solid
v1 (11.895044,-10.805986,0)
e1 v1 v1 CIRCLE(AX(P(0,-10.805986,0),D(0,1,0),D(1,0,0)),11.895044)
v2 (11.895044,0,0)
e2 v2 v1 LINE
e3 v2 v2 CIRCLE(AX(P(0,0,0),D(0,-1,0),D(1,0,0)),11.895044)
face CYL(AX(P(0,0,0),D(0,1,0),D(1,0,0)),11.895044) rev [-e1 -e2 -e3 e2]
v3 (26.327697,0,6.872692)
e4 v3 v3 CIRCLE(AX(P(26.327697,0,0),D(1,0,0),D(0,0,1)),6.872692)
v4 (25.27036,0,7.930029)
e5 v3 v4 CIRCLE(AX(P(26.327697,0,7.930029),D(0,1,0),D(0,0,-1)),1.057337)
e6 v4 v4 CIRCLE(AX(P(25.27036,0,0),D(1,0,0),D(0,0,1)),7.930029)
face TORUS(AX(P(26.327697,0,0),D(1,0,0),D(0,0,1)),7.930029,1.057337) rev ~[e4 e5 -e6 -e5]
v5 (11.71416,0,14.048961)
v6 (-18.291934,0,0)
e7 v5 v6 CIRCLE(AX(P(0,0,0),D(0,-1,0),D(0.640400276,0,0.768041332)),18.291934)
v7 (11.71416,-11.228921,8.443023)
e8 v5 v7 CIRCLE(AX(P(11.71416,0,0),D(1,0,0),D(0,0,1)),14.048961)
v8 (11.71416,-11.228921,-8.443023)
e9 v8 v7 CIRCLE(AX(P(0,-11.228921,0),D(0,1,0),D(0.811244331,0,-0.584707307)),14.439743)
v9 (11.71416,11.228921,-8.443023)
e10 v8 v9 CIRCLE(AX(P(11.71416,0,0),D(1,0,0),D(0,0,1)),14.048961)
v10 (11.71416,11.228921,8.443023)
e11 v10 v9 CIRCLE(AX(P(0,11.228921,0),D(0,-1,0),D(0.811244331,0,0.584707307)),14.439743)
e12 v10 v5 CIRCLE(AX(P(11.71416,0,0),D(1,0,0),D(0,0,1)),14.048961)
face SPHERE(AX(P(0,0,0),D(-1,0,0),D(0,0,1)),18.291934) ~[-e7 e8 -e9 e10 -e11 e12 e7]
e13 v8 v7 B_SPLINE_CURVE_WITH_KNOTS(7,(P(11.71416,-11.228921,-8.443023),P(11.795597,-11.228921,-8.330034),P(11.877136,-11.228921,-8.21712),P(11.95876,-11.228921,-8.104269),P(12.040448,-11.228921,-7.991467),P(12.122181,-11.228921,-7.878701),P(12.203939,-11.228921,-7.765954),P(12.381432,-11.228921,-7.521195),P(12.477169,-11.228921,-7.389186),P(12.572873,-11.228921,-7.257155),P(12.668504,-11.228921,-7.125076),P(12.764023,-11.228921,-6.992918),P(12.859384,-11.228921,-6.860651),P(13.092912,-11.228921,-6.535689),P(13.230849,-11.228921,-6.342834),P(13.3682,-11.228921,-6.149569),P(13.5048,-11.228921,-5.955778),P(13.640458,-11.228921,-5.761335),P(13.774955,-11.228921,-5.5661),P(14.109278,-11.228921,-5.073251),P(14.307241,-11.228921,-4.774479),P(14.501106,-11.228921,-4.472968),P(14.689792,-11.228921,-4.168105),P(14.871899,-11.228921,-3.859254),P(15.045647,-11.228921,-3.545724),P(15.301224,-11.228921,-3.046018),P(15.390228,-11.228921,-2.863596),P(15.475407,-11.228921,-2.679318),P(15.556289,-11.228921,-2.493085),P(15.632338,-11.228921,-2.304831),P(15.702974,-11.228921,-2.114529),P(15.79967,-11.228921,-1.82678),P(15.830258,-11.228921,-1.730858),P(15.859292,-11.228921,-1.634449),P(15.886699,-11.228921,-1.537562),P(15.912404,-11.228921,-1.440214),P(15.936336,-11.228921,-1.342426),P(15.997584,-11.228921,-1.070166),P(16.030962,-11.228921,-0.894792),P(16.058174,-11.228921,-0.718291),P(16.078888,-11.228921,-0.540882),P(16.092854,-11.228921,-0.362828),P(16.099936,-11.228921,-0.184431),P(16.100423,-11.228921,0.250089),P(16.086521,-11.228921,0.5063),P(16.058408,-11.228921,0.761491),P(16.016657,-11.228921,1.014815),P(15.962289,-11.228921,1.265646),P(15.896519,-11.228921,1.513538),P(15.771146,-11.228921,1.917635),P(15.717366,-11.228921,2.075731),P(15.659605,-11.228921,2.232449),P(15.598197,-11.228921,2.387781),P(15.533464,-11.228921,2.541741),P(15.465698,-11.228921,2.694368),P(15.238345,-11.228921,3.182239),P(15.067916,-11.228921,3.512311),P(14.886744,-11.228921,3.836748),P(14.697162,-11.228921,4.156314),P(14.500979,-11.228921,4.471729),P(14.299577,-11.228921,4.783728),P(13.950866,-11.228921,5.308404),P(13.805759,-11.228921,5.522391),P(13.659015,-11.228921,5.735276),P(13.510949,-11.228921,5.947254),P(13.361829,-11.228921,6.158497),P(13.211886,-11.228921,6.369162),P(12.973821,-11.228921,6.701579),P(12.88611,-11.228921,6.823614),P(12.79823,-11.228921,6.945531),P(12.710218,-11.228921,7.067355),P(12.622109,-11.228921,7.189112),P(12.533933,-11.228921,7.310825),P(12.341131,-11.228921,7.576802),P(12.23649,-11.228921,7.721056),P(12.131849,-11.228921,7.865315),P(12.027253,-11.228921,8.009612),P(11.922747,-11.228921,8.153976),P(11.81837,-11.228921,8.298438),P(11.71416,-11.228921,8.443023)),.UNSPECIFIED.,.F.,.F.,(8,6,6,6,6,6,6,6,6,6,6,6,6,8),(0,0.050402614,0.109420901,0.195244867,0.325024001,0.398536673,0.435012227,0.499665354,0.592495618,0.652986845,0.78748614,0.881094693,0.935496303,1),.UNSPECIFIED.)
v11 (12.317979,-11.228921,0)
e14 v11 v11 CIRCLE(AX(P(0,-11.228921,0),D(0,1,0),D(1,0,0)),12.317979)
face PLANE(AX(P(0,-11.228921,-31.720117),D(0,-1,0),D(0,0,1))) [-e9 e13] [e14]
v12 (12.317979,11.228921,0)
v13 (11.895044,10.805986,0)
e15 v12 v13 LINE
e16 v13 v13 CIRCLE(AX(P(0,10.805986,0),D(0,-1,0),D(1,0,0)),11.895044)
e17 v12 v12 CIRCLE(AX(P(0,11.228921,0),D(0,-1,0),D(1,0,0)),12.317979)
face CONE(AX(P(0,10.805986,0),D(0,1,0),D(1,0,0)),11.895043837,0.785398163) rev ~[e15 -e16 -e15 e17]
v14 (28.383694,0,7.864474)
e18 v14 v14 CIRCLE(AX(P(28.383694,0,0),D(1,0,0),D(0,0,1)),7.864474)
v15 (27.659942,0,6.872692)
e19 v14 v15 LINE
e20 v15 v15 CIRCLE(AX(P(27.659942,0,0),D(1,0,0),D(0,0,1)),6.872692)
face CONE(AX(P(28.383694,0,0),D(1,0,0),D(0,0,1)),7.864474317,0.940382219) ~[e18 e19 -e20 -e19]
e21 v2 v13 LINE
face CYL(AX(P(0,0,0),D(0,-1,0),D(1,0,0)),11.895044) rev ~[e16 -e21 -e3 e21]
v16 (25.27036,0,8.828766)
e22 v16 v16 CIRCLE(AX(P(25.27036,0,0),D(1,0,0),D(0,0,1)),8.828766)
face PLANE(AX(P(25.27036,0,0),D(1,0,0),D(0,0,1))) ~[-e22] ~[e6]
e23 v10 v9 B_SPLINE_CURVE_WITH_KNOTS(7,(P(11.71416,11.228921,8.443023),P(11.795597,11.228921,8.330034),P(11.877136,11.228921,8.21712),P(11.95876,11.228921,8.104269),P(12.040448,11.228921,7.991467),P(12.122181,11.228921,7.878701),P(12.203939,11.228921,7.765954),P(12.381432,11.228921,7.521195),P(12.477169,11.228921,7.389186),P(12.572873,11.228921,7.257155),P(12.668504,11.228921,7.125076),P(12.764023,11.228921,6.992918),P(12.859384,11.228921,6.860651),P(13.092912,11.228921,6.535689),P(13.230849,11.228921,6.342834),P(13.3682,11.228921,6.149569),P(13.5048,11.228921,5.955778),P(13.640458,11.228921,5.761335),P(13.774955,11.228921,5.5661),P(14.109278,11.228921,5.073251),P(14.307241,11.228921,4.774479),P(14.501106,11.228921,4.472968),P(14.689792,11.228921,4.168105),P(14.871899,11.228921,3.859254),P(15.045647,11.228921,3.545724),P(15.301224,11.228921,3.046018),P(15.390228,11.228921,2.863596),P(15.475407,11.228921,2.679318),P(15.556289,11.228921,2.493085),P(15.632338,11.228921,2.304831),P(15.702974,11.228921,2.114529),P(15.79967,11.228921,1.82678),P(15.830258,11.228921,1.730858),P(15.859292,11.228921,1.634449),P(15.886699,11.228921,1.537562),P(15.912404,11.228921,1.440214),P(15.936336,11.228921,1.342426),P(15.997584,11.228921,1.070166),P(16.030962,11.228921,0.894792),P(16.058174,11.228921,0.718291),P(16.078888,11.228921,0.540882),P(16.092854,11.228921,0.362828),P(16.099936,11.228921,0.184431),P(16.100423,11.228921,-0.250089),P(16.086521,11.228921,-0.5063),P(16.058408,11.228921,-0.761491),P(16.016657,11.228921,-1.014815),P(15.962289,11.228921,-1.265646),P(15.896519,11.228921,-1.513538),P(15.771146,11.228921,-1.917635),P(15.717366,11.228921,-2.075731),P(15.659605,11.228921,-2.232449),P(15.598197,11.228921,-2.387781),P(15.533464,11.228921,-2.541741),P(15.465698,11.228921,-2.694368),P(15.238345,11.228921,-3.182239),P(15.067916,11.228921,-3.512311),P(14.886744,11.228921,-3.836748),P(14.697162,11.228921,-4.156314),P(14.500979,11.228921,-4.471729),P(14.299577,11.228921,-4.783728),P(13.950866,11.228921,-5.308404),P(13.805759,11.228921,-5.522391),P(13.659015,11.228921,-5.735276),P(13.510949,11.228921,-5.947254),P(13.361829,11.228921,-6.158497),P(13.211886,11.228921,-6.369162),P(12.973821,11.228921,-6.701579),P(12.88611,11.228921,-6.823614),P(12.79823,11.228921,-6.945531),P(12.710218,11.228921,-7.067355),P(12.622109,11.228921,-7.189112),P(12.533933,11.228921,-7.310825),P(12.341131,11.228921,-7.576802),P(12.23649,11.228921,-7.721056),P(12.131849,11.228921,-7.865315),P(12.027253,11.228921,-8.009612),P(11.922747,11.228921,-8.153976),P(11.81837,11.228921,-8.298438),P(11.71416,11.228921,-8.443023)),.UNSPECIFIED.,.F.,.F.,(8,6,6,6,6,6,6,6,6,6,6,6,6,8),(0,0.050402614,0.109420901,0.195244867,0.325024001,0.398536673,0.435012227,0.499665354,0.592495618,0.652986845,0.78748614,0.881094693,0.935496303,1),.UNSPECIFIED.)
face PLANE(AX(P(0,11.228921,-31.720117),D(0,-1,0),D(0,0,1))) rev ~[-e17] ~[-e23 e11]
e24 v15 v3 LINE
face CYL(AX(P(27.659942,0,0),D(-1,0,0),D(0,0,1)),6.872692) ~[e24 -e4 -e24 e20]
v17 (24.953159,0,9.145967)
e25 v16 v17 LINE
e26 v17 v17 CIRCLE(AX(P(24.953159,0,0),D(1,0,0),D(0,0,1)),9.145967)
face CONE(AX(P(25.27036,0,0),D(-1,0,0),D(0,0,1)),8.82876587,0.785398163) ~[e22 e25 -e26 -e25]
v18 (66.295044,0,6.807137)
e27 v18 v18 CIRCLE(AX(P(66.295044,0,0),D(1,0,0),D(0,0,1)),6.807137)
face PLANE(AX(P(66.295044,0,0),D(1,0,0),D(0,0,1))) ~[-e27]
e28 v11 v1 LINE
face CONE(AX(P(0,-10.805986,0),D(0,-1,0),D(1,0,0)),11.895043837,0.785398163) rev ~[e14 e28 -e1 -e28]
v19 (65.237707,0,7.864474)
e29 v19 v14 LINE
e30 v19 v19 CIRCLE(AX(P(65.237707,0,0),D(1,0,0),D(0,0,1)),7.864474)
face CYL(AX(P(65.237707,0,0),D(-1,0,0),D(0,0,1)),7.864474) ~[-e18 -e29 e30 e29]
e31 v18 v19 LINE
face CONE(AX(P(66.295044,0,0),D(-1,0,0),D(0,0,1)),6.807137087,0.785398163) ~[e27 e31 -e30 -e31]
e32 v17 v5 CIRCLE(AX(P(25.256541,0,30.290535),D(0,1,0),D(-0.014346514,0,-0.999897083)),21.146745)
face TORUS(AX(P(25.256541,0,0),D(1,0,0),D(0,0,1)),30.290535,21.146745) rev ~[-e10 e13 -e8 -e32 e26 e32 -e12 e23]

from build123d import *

# Parameters (mm, degrees)
F2_W          = 230.1748
F2_H          = 279.4
F2_W_2        = 26.9748
F2_H_2        = 76.2
F3_DEPTH      = 21.972
F3_DEPTH_BACK = 79.63
F4_R          = 14.2875
F5_DEPTH      = 13.4884001
F5_DEPTH_BACK = 13.4884001
F6_SIZE       = 0.508
F7_SCALE      = 0.832549


with BuildPart() as f1:
    # F0 (on Front) → F1 (revolve)
    with BuildSketch(Plane.XZ):
        with BuildLine():
            ThreePointArc((29.972, 10.9855), (21.5151525193, 12.5638689957), (14.0702344541, 16.8746360971))
            ThreePointArc((14.0702344541, 16.8746360971), (-9.3163222306, 19.8980145013), (-21.971, 0))
            Line((-21.971, 0), (79.629, 0))
            Line((79.629, 0), (79.629, 8.17626))
            Line((79.629, 8.17626), (78.359, 9.44626))
            Line((78.359, 9.44626), (34.0925209982, 9.44626))
            Line((34.0925209982, 9.44626), (33.2232, 8.255))
            Line((33.2232, 8.255), (31.623, 8.255))
            ThreePointArc((31.623, 8.255), (30.7249743879, 8.6269743879), (30.353, 9.525))
            Line((30.353, 9.525), (30.353, 10.6045))
            Line((30.353, 10.6045), (29.972, 10.9855))
        make_face()
    revolve(axis=Axis((28.829, 0, 0), (1, 0, 0)))

    # F2 (on Right) → F3 (cut, two sides)
    with BuildSketch(Plane.YZ) as f3_sk:
        Rectangle(F2_W, F2_H)
        Rectangle(F2_W_2, F2_H_2, mode=Mode.SUBTRACT)
    extrude(amount=-F3_DEPTH, mode=Mode.SUBTRACT)
    extrude(f3_sk.sketch, amount=F3_DEPTH_BACK, mode=Mode.SUBTRACT)

    # F4 (on Front) → F5 (cut, two sides)
    with BuildSketch(Plane.XZ) as f5_sk:
        Circle(F4_R)
    extrude(amount=-F5_DEPTH, mode=Mode.SUBTRACT)
    extrude(f5_sk.sketch, amount=F5_DEPTH_BACK, mode=Mode.SUBTRACT)

    # F6
    f6_edges = [f1.edges().sort_by_distance(p)[0] for p in [
        (-14.2875, 13.4874, 0),
        (-14.2875, -13.4874, 0),
    ]]
    chamfer(f6_edges, length=F6_SIZE)


with BuildPart() as f1_1:
    # F7: moved
    add(f1.part.scale(F7_SCALE))


solid = f1_1.part
